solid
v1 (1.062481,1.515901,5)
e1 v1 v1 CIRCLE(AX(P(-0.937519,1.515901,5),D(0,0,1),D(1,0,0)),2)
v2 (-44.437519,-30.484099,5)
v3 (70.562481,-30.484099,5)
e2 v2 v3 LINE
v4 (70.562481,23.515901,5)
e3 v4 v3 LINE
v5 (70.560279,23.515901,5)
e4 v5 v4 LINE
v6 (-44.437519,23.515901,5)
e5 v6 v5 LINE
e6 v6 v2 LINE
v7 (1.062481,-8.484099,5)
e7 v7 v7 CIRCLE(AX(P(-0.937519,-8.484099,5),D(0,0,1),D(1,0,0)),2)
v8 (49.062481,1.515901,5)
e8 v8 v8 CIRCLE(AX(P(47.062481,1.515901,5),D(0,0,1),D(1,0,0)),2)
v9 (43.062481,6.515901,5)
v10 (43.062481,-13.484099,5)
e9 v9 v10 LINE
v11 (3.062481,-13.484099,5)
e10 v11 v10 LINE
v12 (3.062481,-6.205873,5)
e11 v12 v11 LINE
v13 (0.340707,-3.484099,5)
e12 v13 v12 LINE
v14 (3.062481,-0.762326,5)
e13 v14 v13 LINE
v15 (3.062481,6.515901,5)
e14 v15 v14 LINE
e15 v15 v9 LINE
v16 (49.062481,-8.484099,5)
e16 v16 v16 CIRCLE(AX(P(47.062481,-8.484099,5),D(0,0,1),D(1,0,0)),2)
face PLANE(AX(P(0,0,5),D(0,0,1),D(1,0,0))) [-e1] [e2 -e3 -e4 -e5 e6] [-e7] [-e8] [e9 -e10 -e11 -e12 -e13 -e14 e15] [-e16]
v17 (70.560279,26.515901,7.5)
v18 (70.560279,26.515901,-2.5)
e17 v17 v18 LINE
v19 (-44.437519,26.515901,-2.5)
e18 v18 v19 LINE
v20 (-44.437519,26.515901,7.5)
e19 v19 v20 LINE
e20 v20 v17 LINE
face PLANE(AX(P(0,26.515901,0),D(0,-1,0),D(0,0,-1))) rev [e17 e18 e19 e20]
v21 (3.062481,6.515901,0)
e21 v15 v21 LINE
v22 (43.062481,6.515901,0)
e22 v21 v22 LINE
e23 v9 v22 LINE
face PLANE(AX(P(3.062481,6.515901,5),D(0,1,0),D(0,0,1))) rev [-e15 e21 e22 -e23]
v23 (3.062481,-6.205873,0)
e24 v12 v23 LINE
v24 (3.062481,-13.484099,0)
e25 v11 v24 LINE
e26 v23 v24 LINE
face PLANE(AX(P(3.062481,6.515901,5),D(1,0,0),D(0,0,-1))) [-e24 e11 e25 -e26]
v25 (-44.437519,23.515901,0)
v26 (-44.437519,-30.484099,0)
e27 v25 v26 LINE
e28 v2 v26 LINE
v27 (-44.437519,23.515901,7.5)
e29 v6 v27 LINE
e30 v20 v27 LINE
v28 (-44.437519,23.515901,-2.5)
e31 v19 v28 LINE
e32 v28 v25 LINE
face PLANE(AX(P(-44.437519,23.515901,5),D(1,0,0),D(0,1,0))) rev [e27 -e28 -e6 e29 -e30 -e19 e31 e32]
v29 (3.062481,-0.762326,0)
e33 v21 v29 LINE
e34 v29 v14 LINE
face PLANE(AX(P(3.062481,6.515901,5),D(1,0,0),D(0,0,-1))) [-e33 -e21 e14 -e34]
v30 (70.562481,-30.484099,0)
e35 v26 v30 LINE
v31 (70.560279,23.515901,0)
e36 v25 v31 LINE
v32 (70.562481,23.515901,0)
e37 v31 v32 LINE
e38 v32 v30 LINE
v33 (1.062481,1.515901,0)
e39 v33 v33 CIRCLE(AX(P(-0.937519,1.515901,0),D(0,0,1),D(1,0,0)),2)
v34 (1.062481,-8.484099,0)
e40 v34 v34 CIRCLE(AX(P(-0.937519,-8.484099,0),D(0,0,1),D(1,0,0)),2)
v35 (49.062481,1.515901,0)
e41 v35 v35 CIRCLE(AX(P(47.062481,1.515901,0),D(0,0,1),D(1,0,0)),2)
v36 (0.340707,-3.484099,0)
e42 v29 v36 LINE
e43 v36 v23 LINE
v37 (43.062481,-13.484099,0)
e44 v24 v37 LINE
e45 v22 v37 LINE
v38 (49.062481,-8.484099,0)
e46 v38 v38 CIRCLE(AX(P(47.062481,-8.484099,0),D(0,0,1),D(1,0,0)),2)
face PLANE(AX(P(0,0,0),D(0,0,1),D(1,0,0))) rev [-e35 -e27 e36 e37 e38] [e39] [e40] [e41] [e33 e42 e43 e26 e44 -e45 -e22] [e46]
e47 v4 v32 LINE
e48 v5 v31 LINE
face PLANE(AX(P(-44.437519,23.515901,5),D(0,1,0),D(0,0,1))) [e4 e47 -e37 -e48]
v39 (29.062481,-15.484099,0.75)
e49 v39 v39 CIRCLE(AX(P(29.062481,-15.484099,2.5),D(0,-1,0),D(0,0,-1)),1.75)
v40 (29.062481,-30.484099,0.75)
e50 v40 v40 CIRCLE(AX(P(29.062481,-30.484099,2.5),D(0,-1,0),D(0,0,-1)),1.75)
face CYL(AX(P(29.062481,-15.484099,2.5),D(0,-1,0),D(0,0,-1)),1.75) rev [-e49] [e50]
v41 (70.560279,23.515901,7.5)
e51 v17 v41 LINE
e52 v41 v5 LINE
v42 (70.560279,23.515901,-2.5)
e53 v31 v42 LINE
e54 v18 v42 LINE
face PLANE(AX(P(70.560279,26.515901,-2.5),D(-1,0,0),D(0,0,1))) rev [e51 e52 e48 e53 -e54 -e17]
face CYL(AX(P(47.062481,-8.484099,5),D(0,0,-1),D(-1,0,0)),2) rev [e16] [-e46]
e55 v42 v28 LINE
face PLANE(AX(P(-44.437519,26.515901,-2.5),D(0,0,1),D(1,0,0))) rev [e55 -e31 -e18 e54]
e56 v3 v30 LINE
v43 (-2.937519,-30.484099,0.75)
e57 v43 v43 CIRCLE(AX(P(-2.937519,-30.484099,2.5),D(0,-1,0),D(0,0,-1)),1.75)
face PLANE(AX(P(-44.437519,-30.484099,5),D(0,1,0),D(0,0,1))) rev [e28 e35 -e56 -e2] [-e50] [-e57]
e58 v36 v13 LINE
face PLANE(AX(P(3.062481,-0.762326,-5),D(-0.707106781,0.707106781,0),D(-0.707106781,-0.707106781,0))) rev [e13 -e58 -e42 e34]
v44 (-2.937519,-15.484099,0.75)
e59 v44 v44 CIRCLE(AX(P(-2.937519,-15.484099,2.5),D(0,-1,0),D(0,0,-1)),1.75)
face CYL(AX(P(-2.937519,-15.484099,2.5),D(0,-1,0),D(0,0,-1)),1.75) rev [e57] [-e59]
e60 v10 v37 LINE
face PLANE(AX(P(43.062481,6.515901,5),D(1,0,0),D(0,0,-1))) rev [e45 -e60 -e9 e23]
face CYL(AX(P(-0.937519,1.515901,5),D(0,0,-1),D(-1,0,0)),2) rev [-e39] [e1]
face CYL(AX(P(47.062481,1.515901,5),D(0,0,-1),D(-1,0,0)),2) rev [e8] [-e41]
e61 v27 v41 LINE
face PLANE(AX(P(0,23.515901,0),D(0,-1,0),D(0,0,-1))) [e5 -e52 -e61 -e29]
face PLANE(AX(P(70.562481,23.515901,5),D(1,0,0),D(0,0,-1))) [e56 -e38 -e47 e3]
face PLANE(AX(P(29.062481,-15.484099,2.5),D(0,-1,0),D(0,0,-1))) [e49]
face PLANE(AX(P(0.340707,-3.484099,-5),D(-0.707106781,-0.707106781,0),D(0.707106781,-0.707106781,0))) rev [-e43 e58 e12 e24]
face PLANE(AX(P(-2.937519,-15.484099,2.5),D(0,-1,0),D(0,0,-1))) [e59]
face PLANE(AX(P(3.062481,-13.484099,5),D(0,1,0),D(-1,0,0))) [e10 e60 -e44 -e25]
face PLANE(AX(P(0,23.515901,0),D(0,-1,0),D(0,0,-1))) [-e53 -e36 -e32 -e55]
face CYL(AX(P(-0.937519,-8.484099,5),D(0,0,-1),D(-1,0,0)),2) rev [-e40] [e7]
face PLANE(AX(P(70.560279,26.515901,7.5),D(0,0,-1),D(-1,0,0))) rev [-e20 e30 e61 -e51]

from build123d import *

# Parameters (mm, degrees)
SKETCH_1_W          = 115
SKETCH_1_H          = 54
SKETCH_1_R          = 2
SKETCH_1_W_2        = 40
SKETCH_1_H_2        = 20
EXTRUDE_3_DEPTH     = 5
SKETCH_3_R          = 1.75
CUT_EXTRUDE_2_DEPTH = 15
CUT_EXTRUDE_3_DEPTH = 10
EXTRUDE_4_DEPTH     = 3


with BuildPart() as part:
    # 草圖1 → 填料-伸長3 (new body)
    with BuildSketch(Plane.XY):
        with Locations((13.062480584, -3.484099434)):
            Rectangle(SKETCH_1_W, SKETCH_1_H)
        with Locations((-0.937519416, -8.484099434)):
            Circle(SKETCH_1_R, mode=Mode.SUBTRACT)
        with Locations((47.062480584, -8.484099434)):
            Circle(SKETCH_1_R, mode=Mode.SUBTRACT)
        with Locations((-0.937519416, 1.515900566)):
            Circle(SKETCH_1_R, mode=Mode.SUBTRACT)
        with Locations((47.062480584, 1.515900566)):
            Circle(SKETCH_1_R, mode=Mode.SUBTRACT)
        with Locations((23.062480584, -3.484099434)):
            Rectangle(SKETCH_1_W_2, SKETCH_1_H_2, mode=Mode.SUBTRACT)
    extrude(amount=EXTRUDE_3_DEPTH)

    # 草圖3 → 除料-伸長2 (cut)
    with BuildSketch(Plane.XZ.offset(30.484099434)):
        with Locations(Location((29.062480584, 2.5, 0), (0, 0, 270))):
            Circle(SKETCH_3_R)
        with Locations(Location((-2.937519416, 2.5, 0), (0, 0, 270))):
            Circle(SKETCH_3_R)
    extrude(amount=-CUT_EXTRUDE_2_DEPTH, mode=Mode.SUBTRACT)

    # 草圖4 → 除料-伸長3 (cut)
    with BuildSketch(Plane.XY.offset(5)):
        Polygon((0.340707034, -3.484099434), (3.062480584, -6.205872984), (3.062480584, -0.762325884), align=None)
    extrude(amount=-CUT_EXTRUDE_3_DEPTH, mode=Mode.SUBTRACT)

    # 草圖5 → 填料-伸長4 (add)
    with BuildSketch(Plane(origin=(0, 23.515900566, 0), x_dir=(1, 0, 0), z_dir=(0, 1, 0))):
        Polygon((-44.437519416, 0), (-44.437519416, 2.5), (70.560278635, 2.5), (70.560278635, -7.5), (-44.437519416, -7.5), align=None)
    extrude(amount=EXTRUDE_4_DEPTH)


solid = part.part
